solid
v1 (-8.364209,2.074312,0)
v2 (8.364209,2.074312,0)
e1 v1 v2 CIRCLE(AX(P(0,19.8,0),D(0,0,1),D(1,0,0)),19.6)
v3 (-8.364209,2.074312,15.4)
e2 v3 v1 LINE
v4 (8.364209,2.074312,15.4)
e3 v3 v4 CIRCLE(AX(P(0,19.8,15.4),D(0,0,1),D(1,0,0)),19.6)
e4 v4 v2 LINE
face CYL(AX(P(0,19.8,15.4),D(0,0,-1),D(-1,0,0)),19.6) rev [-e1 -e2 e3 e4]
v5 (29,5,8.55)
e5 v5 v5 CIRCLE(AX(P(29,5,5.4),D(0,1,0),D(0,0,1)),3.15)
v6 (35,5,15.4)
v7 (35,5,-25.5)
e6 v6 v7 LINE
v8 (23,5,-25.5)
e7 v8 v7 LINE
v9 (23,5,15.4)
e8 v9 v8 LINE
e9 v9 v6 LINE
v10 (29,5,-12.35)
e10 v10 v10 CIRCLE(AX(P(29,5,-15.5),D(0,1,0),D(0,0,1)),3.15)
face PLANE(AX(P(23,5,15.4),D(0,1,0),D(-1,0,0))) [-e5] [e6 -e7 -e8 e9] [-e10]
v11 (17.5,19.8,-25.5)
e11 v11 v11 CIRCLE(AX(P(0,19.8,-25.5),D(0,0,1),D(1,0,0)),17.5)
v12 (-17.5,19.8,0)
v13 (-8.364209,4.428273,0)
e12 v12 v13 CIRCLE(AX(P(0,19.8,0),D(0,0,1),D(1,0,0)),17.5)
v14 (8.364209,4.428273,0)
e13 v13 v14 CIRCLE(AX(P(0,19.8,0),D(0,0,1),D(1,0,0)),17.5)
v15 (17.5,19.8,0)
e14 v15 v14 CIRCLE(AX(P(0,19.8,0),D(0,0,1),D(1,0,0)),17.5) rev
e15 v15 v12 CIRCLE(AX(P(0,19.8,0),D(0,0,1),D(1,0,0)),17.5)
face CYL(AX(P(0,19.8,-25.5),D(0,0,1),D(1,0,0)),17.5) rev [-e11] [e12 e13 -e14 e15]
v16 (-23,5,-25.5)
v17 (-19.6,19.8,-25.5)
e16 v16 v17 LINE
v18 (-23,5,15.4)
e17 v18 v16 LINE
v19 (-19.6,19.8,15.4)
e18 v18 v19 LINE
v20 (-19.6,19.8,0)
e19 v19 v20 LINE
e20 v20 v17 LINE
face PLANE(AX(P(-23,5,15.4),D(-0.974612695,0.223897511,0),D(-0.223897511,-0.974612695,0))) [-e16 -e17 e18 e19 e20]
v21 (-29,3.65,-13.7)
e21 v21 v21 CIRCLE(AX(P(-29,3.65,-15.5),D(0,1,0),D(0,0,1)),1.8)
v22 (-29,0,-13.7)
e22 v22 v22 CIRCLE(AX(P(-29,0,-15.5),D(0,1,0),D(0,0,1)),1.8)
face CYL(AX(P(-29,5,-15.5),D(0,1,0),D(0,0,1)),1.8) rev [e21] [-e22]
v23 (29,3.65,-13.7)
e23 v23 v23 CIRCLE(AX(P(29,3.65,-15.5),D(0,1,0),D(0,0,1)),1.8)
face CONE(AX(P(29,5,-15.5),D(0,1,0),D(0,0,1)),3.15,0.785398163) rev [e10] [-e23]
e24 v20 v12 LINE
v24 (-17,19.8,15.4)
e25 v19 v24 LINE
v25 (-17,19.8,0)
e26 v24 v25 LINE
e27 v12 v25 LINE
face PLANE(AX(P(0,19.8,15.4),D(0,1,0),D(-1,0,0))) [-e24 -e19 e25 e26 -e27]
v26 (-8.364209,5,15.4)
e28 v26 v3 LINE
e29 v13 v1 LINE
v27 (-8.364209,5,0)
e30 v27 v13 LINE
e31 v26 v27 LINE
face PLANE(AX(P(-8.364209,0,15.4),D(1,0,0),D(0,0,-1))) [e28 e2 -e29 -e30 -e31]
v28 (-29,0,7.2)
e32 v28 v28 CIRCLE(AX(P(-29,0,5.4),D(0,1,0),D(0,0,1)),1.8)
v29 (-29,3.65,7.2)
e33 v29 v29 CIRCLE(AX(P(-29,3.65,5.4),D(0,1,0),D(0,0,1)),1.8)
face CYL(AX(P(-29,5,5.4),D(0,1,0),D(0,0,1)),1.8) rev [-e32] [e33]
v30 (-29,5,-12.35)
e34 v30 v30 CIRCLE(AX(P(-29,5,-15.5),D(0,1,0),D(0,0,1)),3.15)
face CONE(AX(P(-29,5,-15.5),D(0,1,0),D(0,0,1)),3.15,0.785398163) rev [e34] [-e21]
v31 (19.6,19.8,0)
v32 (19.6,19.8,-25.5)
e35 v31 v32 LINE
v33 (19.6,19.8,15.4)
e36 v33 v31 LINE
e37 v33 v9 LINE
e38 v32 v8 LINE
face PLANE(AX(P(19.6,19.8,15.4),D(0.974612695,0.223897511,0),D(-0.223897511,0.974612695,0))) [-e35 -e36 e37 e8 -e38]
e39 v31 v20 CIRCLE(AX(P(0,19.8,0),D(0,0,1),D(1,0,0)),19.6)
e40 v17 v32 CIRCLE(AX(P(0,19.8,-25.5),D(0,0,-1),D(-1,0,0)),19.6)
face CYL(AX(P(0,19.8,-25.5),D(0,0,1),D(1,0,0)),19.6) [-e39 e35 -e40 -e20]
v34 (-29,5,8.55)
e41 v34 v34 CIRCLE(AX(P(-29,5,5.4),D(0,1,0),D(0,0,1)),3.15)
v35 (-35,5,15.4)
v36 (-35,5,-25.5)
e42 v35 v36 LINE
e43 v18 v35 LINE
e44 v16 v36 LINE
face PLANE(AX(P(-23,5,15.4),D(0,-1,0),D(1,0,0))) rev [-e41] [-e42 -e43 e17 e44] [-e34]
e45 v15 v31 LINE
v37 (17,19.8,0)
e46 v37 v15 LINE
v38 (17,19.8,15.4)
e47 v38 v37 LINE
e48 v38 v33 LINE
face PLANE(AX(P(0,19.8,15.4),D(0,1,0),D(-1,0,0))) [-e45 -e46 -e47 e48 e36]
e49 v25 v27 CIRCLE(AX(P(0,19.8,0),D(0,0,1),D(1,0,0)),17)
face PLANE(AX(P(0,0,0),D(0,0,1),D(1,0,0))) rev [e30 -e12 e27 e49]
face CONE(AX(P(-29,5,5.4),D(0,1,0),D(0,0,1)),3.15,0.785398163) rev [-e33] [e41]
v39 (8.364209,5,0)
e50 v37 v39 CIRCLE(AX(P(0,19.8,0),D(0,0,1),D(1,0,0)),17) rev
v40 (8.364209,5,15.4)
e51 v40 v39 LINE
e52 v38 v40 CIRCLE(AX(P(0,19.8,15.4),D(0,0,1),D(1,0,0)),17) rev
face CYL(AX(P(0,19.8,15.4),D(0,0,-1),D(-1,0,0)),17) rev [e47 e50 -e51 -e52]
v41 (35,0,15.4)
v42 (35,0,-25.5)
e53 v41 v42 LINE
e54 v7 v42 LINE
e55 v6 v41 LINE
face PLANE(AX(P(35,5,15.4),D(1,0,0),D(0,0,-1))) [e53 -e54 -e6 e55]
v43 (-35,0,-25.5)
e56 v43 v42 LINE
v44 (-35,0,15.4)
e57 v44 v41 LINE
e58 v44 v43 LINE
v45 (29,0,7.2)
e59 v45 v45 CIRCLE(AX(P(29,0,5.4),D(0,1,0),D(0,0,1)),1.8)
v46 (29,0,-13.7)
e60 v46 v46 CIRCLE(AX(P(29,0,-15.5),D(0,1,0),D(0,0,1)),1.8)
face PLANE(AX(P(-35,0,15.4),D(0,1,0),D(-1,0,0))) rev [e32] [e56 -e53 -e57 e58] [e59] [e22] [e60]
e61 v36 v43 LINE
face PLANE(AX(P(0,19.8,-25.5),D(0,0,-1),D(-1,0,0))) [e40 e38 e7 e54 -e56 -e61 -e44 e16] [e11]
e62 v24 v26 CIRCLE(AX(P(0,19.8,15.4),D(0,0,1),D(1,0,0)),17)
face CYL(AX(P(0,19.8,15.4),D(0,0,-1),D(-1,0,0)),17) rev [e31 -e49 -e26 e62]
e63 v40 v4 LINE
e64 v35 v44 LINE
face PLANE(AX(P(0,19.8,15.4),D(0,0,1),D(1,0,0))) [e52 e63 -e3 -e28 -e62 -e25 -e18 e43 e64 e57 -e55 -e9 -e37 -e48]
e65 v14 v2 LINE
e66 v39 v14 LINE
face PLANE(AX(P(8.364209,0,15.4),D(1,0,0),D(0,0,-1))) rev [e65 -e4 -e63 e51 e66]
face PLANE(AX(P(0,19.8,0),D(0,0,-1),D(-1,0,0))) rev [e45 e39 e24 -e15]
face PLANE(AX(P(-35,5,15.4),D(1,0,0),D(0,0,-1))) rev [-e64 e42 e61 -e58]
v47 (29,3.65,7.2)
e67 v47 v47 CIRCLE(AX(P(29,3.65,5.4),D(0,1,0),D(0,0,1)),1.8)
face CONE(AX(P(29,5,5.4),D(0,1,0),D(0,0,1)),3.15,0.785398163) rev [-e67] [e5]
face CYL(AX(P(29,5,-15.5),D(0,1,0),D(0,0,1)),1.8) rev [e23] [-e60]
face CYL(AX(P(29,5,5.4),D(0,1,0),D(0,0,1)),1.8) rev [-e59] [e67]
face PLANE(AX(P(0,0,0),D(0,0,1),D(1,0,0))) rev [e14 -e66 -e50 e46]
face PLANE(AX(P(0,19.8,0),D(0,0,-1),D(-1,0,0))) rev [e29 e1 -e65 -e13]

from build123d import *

# Parameters (mm, degrees)
SKETCH1_R                                       = 17.5
BOSS_EXTRUDE9_DEPTH                             = 25.5
BOSS_EXTRUDE10_DEPTH                            = 15.4
BOSS_EXTRUDE10_DEPTH_BACK                       = 25.5
CSK_FOR_M3_FLAT_HEAD_MACHINE_SCREW1_D           = 3.6
CSK_FOR_M3_FLAT_HEAD_MACHINE_SCREW1_CSINK_D     = 6.3
CSK_FOR_M3_FLAT_HEAD_MACHINE_SCREW1_CSINK_ANGLE = 90
CSK_FOR_M3_FLAT_HEAD_MACHINE_SCREW2_D           = 3.6
CSK_FOR_M3_FLAT_HEAD_MACHINE_SCREW2_CSINK_D     = 6.3
CSK_FOR_M3_FLAT_HEAD_MACHINE_SCREW2_CSINK_ANGLE = 90
BOSS_EXTRUDE12_DEPTH                            = 15.4


with BuildPart() as part:
    # Sketch1 → Boss-Extrude9 (new body)
    with BuildSketch(Plane.XY):
        with BuildLine():
            ThreePointArc((-19.6, 19.8), (0, 39.4), (19.6, 19.8))
            ThreePointArc((19.6, 19.8), (0, 0.2), (-19.6, 19.8))
        make_face()
        with Locations((0, 19.8)):
            Circle(SKETCH1_R, mode=Mode.SUBTRACT)
    extrude(amount=-BOSS_EXTRUDE9_DEPTH)

    # Sketch1_15 → Boss-Extrude10 (add, two sides: drawn at the far end of the back side and taken through both)
    with BuildSketch(Plane.XY.offset(-BOSS_EXTRUDE10_DEPTH_BACK)):
        with BuildLine():
            Line((-23, 5), (-35, 5))
            Line((-35, 5), (-35, 0))
            Line((-35, 0), (35, 0))
            Line((35, 0), (35, 5))
            Line((35, 5), (23, 5))
            Line((23, 5), (19.6, 19.8))
            ThreePointArc((19.6, 19.8), (0, 0.2), (-19.6, 19.8))
            Line((-19.6, 19.8), (-23, 5))
        make_face()
    extrude(amount=BOSS_EXTRUDE10_DEPTH + BOSS_EXTRUDE10_DEPTH_BACK)

    # CSK for M3 Flat Head Machine Screw1 (through all)
    with Locations(Plane(origin=(0, 5, 0), x_dir=(1, 0, 0), z_dir=(0, 1, 0))):
        with Locations((-29, 15.5), (-29, -5.4)):
            CounterSinkHole(CSK_FOR_M3_FLAT_HEAD_MACHINE_SCREW1_D / 2, CSK_FOR_M3_FLAT_HEAD_MACHINE_SCREW1_CSINK_D / 2, counter_sink_angle=CSK_FOR_M3_FLAT_HEAD_MACHINE_SCREW1_CSINK_ANGLE)

    # CSK for M3 Flat Head Machine Screw2 (through all)
    with Locations(Plane(origin=(0, 5, 0), x_dir=(1, 0, 0), z_dir=(0, 1, 0))):
        with Locations((29, -5.4), (29, 15.5)):
            CounterSinkHole(CSK_FOR_M3_FLAT_HEAD_MACHINE_SCREW2_D / 2, CSK_FOR_M3_FLAT_HEAD_MACHINE_SCREW2_CSINK_D / 2, counter_sink_angle=CSK_FOR_M3_FLAT_HEAD_MACHINE_SCREW2_CSINK_ANGLE)

    # Sketch20 → Boss-Extrude12 (add)
    with BuildSketch(Plane.XY):
        with BuildLine():
            ThreePointArc((17, 19.8), (14.683180189, 11.232373751), (8.364209467, 5))
            Line((8.364209467, 5), (8.364209467, 2.074312425))
            ThreePointArc((8.364209467, 2.074312425), (16.554433025, 9.30663318), (19.6, 19.8))
            Line((19.6, 19.8), (17, 19.8))
        make_face()
        with BuildLine():
            Line((-8.364209467, 2.074312425), (-8.364209467, 5))
            ThreePointArc((-8.364209467, 5), (-14.683180189, 11.232373751), (-17, 19.8))
            Line((-17, 19.8), (-19.6, 19.8))
            ThreePointArc((-19.6, 19.8), (-16.554433025, 9.30663318), (-8.364209467, 2.074312425))
        make_face()
    extrude(amount=BOSS_EXTRUDE12_DEPTH)


solid = part.part
